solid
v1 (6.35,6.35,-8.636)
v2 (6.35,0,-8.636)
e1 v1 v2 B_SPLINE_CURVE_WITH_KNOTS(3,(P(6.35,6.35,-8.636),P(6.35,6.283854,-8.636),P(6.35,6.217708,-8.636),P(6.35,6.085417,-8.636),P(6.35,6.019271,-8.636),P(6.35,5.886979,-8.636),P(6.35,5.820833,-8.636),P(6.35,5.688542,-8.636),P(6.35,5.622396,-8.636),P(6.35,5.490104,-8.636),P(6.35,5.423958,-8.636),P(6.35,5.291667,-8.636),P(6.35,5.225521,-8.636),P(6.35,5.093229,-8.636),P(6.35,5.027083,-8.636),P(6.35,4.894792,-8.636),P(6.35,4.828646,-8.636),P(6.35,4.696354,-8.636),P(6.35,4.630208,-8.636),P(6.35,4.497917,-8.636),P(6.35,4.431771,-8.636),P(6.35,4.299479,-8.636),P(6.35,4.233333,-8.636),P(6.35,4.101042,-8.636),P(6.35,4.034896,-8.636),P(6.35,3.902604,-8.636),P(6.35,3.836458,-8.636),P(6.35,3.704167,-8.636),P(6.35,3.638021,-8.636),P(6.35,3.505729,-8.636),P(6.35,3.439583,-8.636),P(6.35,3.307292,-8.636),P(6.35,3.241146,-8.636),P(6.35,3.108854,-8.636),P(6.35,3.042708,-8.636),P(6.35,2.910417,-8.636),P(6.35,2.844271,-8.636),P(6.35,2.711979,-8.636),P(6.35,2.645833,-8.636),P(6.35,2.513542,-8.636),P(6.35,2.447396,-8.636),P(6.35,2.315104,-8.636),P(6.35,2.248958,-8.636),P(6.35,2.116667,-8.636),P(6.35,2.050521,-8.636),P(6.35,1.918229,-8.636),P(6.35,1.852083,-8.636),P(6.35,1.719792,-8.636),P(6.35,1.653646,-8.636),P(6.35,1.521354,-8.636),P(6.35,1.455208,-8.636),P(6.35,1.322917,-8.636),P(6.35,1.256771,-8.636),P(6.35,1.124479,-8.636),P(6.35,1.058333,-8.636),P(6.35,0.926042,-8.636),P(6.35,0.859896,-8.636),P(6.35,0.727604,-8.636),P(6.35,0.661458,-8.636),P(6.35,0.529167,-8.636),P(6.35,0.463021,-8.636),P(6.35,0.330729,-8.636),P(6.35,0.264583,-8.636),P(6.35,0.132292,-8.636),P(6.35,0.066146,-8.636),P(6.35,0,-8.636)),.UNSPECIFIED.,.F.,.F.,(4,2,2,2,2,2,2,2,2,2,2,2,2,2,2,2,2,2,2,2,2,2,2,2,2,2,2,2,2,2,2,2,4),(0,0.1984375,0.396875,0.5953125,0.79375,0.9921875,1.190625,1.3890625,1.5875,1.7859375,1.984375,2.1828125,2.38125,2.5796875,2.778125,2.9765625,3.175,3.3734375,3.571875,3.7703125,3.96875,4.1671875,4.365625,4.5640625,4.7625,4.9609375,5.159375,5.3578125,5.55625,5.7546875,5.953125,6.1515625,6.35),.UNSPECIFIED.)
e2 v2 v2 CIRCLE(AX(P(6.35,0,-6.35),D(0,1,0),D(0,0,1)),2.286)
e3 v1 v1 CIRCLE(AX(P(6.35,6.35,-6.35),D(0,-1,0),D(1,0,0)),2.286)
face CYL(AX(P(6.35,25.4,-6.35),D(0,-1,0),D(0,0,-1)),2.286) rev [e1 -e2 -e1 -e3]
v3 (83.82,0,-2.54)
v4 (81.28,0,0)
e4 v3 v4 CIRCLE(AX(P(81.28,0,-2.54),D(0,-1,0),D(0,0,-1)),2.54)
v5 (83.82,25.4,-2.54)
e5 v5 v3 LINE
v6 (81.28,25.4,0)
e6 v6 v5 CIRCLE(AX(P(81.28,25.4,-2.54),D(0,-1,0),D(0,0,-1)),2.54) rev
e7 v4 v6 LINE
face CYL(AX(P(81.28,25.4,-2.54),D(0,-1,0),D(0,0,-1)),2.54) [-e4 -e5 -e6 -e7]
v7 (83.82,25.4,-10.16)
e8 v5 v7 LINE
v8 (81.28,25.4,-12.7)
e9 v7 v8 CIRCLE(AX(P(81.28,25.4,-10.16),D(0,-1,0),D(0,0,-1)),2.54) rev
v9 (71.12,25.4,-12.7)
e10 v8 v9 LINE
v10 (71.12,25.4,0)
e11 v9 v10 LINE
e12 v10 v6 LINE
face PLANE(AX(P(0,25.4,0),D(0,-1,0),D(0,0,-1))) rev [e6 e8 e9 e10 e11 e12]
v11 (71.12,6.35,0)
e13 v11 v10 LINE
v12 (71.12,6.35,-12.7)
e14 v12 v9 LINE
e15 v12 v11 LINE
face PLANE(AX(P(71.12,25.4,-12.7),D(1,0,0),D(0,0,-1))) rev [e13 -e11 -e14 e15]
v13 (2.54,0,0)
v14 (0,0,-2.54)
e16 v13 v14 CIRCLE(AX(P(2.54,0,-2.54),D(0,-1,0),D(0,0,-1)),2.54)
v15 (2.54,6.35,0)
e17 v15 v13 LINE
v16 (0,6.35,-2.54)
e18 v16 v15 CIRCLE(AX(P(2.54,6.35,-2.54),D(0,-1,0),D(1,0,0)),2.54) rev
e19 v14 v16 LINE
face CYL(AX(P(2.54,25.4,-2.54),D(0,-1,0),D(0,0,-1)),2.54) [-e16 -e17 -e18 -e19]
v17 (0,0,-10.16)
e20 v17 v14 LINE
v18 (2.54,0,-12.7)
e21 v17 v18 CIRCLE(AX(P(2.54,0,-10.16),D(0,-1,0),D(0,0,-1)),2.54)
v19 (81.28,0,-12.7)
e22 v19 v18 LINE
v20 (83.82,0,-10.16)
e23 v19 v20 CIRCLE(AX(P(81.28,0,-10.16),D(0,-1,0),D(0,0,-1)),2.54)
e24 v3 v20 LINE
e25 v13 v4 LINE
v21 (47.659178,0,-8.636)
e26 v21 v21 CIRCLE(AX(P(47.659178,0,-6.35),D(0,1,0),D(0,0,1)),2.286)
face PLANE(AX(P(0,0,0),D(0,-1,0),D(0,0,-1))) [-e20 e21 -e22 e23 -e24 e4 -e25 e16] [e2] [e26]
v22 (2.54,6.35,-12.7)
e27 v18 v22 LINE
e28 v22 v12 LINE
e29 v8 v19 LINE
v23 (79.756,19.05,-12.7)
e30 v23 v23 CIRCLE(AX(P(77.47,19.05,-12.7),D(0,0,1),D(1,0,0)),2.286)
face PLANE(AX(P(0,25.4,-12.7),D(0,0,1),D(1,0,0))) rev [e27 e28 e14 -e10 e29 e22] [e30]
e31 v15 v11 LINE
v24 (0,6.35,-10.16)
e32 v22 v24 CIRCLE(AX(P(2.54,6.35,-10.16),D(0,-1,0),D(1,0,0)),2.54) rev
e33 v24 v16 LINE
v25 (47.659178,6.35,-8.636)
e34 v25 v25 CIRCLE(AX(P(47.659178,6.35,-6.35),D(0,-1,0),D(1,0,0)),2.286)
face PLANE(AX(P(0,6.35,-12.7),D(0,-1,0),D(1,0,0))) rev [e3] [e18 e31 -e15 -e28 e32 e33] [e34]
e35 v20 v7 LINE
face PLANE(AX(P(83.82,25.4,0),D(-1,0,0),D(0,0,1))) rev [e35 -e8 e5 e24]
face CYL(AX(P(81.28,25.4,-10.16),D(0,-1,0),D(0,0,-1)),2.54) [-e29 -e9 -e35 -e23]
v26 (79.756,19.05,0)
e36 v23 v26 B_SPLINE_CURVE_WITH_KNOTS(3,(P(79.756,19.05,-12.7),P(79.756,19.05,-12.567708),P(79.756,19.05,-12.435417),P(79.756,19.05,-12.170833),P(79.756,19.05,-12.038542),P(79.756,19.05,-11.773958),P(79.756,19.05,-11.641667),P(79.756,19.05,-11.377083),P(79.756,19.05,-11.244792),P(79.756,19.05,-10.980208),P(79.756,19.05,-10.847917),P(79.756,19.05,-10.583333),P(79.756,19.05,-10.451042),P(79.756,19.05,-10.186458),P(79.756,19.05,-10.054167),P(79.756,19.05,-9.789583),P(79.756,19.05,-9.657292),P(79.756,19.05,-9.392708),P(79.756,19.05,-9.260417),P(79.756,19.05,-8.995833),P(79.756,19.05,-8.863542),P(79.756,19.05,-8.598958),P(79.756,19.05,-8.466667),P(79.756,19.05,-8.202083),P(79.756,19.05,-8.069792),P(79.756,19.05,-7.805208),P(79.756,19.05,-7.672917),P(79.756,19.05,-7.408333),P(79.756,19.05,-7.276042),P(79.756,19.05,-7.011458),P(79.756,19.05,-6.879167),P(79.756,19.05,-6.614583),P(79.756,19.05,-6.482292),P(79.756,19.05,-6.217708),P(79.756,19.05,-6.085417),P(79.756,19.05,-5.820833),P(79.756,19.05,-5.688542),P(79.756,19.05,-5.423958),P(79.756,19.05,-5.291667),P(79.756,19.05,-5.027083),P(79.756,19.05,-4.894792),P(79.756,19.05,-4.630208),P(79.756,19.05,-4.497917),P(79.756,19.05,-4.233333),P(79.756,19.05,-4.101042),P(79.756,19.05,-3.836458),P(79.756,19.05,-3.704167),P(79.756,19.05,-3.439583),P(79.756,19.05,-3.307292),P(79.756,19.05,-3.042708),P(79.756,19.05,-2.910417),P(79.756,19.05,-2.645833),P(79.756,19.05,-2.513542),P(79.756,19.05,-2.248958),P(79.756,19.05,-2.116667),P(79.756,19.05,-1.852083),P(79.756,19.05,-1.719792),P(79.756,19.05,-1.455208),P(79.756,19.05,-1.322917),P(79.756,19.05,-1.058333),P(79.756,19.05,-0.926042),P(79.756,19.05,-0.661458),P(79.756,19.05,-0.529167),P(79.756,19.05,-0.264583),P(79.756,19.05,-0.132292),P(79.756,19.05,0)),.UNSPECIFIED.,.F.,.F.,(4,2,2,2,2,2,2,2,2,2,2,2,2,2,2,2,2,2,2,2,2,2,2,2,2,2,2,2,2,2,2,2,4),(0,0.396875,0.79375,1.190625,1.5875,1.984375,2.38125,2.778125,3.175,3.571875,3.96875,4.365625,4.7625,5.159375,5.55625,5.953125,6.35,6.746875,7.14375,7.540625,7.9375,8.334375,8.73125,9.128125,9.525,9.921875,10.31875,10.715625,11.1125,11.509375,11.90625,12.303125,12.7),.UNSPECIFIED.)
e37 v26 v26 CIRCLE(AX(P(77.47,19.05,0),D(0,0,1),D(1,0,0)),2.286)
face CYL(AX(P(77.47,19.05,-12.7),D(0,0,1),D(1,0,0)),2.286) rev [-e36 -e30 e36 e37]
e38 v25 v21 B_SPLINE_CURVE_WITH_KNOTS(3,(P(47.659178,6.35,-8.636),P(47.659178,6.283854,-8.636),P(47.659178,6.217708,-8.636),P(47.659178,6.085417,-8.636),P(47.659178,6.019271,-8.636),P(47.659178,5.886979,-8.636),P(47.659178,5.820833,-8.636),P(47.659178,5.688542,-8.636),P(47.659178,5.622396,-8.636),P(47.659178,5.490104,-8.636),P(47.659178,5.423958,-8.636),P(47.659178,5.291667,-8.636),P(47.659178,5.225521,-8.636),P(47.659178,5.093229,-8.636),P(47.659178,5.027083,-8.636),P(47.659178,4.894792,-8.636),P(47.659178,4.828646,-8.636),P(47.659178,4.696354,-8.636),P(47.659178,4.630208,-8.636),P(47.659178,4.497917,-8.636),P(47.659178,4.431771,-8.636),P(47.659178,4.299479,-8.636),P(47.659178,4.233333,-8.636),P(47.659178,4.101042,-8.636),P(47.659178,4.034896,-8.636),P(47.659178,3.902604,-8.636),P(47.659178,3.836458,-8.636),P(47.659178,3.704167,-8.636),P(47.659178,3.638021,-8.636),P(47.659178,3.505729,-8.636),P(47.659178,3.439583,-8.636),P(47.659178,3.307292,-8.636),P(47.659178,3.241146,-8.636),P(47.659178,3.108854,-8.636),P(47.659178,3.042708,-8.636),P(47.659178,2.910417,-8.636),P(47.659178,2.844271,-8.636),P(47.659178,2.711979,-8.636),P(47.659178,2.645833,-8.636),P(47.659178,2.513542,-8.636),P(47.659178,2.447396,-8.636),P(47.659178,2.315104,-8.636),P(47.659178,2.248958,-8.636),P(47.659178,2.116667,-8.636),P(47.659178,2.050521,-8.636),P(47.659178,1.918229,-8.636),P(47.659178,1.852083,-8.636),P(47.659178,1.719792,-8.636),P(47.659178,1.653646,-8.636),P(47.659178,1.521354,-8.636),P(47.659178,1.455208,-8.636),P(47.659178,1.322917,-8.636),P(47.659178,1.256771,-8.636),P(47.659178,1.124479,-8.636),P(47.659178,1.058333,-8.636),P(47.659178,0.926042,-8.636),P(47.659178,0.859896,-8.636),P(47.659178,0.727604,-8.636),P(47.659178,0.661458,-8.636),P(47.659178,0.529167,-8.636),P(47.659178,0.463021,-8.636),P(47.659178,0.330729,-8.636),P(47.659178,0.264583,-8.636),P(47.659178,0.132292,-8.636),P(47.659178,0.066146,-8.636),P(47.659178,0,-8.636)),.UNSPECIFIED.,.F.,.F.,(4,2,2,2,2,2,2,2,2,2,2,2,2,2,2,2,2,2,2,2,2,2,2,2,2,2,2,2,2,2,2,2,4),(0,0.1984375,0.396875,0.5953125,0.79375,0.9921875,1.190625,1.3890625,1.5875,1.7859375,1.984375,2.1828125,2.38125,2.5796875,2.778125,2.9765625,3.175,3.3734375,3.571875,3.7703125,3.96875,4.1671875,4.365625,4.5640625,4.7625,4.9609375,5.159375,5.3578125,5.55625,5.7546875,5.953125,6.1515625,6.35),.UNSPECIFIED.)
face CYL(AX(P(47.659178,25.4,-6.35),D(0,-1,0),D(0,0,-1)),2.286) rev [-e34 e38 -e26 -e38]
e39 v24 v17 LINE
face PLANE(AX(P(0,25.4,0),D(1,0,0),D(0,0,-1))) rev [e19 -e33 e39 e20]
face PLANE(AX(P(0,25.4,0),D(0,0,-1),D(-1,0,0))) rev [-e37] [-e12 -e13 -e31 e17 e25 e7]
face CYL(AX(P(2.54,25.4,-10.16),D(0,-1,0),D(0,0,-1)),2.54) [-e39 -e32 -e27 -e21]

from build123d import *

# Parameters (mm, degrees)
SKETCH1_W           = 83.82
SKETCH1_H           = 12.7
SKETCH1_R           = 2.286
BOSS_EXTRUDE1_DEPTH = 25.4
SKETCH2_R           = 2.286
CUT_EXTRUDE1_DEPTH  = 12.7
FILLET1_R           = 2.54
SKETCH3_W           = 71.12
SKETCH3_H           = 19.05
CUT_EXTRUDE2_DEPTH  = 89.499957062


with BuildPart() as part:
    # Sketch1 → Boss-Extrude1 (new body)
    with BuildSketch(Plane(origin=(0, 0, 0), x_dir=(1, 0, 0), z_dir=(0, 1, 0))):
        with Locations((41.91, 6.35)):
            Rectangle(SKETCH1_W, SKETCH1_H)
        with Locations(Location((6.35, 6.35, 0), (0, 0, 90))):
            Circle(SKETCH1_R, mode=Mode.SUBTRACT)
        with Locations(Location((47.659178157, 6.35, 0), (0, 0, 90))):
            Circle(SKETCH1_R, mode=Mode.SUBTRACT)
    extrude(amount=BOSS_EXTRUDE1_DEPTH)

    # Sketch2 → Cut-Extrude1 (cut)
    with BuildSketch(Plane.XY):
        with Locations((77.47, 19.05)):
            Circle(SKETCH2_R)
    extrude(amount=-CUT_EXTRUDE1_DEPTH, mode=Mode.SUBTRACT)

    # Fillet1
    fillet1_edges = [part.edges().sort_by_distance(p)[0] for p in [
        (0, 12.7, -12.7),
        (83.82, 12.7, -12.7),
        (83.82, 12.7, 0),
        (0, 12.7, 0),
    ]]
    fillet(fillet1_edges, radius=FILLET1_R)

    # Sketch3 → Cut-Extrude2 (cut, through all)
    with BuildSketch(Plane.XY):
        with Locations((35.56, 15.875)):
            Rectangle(SKETCH3_W, SKETCH3_H)
    extrude(amount=-CUT_EXTRUDE2_DEPTH, mode=Mode.SUBTRACT)


solid = part.part
